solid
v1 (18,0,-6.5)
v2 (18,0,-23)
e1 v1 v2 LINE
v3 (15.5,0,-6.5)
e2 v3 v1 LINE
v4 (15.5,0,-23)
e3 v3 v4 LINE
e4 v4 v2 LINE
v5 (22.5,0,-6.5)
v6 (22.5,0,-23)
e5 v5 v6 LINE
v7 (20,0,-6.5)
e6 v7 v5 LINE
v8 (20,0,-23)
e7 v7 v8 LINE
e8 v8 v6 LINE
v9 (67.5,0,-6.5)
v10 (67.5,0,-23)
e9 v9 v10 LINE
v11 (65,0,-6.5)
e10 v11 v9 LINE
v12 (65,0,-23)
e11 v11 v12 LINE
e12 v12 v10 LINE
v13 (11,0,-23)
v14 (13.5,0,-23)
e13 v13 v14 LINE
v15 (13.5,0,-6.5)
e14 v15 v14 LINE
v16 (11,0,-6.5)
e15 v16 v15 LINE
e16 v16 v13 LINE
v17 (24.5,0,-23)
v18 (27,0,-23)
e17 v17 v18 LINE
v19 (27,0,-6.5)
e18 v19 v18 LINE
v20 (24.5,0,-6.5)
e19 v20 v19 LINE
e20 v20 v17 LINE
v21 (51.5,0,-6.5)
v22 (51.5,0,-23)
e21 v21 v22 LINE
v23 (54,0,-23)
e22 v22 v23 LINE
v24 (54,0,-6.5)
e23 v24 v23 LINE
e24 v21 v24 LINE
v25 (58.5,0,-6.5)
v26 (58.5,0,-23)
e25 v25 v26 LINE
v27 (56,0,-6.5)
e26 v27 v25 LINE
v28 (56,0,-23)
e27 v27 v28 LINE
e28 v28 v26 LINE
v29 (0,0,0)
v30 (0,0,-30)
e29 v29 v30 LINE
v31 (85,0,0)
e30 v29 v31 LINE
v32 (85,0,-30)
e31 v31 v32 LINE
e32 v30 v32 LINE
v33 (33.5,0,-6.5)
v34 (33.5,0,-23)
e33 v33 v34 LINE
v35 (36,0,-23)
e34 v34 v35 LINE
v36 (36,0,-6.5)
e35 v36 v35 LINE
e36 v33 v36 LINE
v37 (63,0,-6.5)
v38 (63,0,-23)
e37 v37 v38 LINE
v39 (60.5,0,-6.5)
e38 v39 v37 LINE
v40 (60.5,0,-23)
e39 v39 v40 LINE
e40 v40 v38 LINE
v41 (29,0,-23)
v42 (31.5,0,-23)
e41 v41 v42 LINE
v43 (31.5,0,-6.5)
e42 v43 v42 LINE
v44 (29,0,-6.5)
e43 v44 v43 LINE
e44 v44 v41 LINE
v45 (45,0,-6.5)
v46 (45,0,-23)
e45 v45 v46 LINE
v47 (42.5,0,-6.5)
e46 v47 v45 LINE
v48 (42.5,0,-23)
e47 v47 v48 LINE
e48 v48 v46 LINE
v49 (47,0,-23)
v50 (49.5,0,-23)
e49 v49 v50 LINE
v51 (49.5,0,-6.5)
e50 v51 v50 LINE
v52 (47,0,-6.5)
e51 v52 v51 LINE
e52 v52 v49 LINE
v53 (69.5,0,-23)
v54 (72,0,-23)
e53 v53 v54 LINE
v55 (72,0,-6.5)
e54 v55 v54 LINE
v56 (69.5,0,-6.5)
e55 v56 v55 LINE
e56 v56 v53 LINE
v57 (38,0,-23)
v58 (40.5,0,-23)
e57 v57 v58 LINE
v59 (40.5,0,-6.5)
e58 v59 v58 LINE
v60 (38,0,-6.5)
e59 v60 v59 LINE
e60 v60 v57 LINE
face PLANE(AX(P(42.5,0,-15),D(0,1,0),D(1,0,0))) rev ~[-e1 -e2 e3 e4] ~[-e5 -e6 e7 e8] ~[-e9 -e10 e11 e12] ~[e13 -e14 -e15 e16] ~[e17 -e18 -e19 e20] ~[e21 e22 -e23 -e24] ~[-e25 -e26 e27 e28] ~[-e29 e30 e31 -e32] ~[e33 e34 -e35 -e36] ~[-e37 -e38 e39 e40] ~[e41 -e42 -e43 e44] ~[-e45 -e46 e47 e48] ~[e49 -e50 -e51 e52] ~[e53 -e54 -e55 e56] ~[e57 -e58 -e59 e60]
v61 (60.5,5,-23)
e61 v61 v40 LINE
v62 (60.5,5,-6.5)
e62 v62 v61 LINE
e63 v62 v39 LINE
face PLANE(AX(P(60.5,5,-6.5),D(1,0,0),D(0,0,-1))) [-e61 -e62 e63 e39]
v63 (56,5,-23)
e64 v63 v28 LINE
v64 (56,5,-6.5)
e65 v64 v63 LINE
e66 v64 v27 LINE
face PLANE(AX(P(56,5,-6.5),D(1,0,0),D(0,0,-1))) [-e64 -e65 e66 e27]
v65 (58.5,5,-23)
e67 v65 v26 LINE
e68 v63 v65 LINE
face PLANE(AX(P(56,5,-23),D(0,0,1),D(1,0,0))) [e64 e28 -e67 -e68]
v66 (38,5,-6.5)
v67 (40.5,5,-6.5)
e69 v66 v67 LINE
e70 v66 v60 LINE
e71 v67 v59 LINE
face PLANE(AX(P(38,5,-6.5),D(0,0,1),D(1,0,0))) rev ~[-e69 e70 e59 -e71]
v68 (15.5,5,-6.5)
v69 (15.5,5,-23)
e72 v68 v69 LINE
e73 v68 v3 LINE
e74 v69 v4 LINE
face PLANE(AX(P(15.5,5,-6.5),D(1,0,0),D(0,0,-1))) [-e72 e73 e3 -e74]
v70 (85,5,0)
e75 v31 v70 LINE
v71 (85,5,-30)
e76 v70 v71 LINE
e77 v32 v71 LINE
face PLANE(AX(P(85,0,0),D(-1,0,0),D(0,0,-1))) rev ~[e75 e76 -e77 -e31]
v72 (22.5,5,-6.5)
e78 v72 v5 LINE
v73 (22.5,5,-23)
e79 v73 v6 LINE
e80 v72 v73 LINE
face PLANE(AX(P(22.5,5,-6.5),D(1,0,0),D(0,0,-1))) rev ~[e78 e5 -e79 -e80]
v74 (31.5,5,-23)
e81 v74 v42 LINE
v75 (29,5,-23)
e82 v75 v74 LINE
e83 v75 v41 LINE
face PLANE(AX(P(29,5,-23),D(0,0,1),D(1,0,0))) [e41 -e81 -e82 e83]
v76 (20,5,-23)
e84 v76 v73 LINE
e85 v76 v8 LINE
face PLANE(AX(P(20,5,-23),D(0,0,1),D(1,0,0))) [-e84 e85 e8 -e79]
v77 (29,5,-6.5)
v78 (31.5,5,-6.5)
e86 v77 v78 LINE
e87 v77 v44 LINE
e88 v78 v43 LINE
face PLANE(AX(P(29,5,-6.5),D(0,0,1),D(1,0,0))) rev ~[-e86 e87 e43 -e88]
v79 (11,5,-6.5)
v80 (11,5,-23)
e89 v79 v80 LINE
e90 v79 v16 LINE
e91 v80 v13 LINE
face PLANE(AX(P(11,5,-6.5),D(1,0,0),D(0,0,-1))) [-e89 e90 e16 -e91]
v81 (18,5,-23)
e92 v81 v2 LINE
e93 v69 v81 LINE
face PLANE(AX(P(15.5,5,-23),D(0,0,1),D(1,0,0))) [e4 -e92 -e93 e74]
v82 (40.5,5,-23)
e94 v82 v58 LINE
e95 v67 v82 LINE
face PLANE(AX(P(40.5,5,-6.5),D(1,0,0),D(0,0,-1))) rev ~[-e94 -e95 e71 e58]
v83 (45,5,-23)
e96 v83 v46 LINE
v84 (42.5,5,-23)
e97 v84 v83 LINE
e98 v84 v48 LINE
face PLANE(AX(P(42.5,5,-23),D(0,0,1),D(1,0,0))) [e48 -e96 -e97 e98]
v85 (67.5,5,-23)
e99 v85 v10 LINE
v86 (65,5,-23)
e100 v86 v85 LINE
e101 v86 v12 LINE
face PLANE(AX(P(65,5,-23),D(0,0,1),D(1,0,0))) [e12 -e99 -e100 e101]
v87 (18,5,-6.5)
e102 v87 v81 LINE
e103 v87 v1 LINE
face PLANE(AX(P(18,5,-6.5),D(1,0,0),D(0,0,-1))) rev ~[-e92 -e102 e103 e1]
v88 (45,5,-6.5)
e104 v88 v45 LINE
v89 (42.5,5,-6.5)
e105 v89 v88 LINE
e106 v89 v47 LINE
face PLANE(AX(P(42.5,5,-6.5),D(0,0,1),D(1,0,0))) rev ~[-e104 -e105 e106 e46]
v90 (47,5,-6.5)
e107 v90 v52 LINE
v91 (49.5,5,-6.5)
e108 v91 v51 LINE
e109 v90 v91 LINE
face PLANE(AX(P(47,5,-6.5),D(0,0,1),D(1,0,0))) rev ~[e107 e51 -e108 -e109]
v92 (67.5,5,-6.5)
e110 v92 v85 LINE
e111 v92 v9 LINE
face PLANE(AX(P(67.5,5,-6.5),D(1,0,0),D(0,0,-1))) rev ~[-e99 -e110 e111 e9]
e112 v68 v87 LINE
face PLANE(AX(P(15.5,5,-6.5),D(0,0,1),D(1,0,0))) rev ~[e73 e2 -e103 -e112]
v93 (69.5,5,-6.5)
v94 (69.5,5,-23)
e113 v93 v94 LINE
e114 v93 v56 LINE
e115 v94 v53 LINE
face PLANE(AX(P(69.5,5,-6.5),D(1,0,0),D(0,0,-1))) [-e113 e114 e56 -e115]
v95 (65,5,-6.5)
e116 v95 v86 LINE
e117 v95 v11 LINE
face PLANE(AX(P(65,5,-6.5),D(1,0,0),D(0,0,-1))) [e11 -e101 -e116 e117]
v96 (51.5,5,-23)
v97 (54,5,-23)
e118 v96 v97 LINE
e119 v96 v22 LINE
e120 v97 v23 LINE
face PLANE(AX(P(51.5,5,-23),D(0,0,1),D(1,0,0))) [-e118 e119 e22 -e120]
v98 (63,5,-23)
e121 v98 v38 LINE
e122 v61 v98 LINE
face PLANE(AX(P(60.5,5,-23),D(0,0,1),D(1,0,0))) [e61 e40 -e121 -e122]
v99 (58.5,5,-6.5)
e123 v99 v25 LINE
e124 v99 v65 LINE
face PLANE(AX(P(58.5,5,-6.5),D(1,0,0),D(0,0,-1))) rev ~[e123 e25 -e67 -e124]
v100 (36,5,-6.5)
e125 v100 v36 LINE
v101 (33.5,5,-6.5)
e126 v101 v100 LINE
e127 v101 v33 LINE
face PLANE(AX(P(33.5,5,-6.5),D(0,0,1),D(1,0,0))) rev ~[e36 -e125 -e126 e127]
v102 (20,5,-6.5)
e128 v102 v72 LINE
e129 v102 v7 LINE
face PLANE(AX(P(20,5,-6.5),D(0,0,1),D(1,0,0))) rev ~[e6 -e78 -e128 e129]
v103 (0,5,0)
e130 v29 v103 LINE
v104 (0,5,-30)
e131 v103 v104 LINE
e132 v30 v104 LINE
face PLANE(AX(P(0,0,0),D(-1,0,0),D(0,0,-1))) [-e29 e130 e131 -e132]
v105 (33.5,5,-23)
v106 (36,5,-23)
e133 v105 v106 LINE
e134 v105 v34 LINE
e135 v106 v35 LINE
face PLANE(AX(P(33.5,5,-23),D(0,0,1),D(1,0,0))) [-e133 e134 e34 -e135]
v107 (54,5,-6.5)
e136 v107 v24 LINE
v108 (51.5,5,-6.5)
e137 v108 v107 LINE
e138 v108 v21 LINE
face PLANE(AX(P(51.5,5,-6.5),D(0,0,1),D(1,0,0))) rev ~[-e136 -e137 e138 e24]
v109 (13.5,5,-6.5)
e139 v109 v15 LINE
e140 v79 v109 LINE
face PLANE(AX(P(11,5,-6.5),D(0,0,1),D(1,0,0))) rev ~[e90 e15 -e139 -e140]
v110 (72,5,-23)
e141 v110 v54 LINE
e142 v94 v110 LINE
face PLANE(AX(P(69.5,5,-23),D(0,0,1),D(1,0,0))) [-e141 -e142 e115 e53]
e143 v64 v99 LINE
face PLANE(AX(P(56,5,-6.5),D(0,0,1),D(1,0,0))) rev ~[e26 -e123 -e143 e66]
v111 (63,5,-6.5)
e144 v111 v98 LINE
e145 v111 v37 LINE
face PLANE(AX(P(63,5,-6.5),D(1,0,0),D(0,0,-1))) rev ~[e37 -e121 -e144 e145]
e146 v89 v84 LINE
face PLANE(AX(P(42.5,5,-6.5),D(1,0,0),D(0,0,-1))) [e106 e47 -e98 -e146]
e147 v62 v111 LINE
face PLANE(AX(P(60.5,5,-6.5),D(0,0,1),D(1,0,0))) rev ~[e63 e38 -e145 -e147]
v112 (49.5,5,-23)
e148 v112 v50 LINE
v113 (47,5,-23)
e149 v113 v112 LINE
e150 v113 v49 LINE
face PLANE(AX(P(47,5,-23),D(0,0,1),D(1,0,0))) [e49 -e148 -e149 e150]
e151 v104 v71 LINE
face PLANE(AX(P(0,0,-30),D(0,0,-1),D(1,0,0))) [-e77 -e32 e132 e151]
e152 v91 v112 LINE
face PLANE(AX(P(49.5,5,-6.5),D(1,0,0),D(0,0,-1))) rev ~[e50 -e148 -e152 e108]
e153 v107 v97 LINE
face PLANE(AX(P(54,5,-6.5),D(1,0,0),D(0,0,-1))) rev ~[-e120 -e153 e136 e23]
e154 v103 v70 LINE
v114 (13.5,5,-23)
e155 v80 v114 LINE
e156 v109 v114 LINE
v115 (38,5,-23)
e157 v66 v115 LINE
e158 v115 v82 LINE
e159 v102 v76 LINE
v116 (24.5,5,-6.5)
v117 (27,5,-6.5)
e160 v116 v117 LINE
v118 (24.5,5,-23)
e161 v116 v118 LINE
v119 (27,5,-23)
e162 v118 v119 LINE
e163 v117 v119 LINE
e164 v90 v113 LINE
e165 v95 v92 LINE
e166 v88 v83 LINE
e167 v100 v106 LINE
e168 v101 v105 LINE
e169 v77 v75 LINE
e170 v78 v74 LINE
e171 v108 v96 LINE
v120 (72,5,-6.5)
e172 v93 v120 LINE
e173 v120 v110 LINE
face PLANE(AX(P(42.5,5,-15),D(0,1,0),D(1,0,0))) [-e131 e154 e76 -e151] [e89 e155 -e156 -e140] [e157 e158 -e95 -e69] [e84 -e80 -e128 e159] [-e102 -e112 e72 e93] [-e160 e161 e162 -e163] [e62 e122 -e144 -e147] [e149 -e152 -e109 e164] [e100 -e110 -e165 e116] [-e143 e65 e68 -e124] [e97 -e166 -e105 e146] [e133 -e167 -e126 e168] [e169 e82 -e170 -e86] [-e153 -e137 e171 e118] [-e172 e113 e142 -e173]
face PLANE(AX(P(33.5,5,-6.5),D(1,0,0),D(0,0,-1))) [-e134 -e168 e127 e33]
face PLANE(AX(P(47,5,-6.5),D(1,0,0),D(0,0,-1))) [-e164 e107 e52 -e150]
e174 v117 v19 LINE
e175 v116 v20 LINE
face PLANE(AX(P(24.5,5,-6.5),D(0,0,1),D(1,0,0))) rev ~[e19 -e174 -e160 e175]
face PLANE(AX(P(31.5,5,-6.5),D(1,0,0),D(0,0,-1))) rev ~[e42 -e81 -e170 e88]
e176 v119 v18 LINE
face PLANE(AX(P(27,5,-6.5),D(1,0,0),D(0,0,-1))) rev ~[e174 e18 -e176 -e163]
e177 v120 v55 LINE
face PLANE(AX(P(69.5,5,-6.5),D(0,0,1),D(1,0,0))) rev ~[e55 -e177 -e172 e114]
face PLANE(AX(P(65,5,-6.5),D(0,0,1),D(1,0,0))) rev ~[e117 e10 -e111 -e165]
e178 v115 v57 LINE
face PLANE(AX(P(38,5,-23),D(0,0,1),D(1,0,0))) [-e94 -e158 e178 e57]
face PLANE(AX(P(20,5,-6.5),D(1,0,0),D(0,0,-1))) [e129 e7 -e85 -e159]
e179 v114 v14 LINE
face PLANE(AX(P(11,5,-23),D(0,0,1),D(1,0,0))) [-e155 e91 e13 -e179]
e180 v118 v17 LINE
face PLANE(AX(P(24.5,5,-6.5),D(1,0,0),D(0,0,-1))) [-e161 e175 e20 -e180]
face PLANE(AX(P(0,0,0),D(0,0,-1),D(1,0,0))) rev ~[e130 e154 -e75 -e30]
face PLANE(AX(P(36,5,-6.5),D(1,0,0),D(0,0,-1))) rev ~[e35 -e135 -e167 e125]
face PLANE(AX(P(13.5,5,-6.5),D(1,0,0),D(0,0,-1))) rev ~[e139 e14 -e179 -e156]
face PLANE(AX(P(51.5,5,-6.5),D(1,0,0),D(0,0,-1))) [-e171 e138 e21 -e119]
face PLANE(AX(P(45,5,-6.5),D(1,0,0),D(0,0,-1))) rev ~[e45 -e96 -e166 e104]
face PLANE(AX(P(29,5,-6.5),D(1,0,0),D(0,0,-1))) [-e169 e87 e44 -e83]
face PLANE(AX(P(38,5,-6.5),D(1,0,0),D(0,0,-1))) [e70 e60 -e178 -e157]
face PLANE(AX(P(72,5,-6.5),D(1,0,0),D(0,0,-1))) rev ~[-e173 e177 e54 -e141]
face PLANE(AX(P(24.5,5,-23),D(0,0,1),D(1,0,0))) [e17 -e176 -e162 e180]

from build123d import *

# Parameters (mm, degrees)
SKETCH1_W           = 85
SKETCH1_H           = 30
BOSS_EXTRUDE1_DEPTH = 5
SKETCH2_W           = 2.5
SKETCH2_H           = 16.5
CUT_EXTRUDE1_DEPTH  = 5


with BuildPart() as part:
    # Sketch1 → Boss-Extrude1 (new body)
    with BuildSketch(Plane(origin=(0, 0, 0), x_dir=(1, 0, 0), z_dir=(0, 1, 0))):
        with Locations((42.5, 15)):
            Rectangle(SKETCH1_W, SKETCH1_H)
    extrude(amount=BOSS_EXTRUDE1_DEPTH)

    # Sketch2 → Cut-Extrude1 (cut)
    with BuildSketch(Plane(origin=(0, 5, 0), x_dir=(1, 0, 0), z_dir=(0, 1, 0))):
        with Locations((12.25, 14.75)):
            Rectangle(SKETCH2_W, SKETCH2_H)
        with Locations((16.75, 14.75)):
            Rectangle(SKETCH2_W, SKETCH2_H)
        with Locations((21.25, 14.75)):
            Rectangle(SKETCH2_W, SKETCH2_H)
        with Locations((25.75, 14.75)):
            Rectangle(SKETCH2_W, SKETCH2_H)
        with Locations((30.25, 14.75)):
            Rectangle(SKETCH2_W, SKETCH2_H)
        with Locations((34.75, 14.75)):
            Rectangle(SKETCH2_W, SKETCH2_H)
        with Locations((39.25, 14.75)):
            Rectangle(SKETCH2_W, SKETCH2_H)
        with Locations((43.75, 14.75)):
            Rectangle(SKETCH2_W, SKETCH2_H)
        with Locations((48.25, 14.75)):
            Rectangle(SKETCH2_W, SKETCH2_H)
        with Locations((52.75, 14.75)):
            Rectangle(SKETCH2_W, SKETCH2_H)
        with Locations((57.25, 14.75)):
            Rectangle(SKETCH2_W, SKETCH2_H)
        with Locations((61.75, 14.75)):
            Rectangle(SKETCH2_W, SKETCH2_H)
        with Locations((66.25, 14.75)):
            Rectangle(SKETCH2_W, SKETCH2_H)
        with Locations((70.75, 14.75)):
            Rectangle(SKETCH2_W, SKETCH2_H)
    extrude(amount=-CUT_EXTRUDE1_DEPTH, mode=Mode.SUBTRACT)


solid = part.part
